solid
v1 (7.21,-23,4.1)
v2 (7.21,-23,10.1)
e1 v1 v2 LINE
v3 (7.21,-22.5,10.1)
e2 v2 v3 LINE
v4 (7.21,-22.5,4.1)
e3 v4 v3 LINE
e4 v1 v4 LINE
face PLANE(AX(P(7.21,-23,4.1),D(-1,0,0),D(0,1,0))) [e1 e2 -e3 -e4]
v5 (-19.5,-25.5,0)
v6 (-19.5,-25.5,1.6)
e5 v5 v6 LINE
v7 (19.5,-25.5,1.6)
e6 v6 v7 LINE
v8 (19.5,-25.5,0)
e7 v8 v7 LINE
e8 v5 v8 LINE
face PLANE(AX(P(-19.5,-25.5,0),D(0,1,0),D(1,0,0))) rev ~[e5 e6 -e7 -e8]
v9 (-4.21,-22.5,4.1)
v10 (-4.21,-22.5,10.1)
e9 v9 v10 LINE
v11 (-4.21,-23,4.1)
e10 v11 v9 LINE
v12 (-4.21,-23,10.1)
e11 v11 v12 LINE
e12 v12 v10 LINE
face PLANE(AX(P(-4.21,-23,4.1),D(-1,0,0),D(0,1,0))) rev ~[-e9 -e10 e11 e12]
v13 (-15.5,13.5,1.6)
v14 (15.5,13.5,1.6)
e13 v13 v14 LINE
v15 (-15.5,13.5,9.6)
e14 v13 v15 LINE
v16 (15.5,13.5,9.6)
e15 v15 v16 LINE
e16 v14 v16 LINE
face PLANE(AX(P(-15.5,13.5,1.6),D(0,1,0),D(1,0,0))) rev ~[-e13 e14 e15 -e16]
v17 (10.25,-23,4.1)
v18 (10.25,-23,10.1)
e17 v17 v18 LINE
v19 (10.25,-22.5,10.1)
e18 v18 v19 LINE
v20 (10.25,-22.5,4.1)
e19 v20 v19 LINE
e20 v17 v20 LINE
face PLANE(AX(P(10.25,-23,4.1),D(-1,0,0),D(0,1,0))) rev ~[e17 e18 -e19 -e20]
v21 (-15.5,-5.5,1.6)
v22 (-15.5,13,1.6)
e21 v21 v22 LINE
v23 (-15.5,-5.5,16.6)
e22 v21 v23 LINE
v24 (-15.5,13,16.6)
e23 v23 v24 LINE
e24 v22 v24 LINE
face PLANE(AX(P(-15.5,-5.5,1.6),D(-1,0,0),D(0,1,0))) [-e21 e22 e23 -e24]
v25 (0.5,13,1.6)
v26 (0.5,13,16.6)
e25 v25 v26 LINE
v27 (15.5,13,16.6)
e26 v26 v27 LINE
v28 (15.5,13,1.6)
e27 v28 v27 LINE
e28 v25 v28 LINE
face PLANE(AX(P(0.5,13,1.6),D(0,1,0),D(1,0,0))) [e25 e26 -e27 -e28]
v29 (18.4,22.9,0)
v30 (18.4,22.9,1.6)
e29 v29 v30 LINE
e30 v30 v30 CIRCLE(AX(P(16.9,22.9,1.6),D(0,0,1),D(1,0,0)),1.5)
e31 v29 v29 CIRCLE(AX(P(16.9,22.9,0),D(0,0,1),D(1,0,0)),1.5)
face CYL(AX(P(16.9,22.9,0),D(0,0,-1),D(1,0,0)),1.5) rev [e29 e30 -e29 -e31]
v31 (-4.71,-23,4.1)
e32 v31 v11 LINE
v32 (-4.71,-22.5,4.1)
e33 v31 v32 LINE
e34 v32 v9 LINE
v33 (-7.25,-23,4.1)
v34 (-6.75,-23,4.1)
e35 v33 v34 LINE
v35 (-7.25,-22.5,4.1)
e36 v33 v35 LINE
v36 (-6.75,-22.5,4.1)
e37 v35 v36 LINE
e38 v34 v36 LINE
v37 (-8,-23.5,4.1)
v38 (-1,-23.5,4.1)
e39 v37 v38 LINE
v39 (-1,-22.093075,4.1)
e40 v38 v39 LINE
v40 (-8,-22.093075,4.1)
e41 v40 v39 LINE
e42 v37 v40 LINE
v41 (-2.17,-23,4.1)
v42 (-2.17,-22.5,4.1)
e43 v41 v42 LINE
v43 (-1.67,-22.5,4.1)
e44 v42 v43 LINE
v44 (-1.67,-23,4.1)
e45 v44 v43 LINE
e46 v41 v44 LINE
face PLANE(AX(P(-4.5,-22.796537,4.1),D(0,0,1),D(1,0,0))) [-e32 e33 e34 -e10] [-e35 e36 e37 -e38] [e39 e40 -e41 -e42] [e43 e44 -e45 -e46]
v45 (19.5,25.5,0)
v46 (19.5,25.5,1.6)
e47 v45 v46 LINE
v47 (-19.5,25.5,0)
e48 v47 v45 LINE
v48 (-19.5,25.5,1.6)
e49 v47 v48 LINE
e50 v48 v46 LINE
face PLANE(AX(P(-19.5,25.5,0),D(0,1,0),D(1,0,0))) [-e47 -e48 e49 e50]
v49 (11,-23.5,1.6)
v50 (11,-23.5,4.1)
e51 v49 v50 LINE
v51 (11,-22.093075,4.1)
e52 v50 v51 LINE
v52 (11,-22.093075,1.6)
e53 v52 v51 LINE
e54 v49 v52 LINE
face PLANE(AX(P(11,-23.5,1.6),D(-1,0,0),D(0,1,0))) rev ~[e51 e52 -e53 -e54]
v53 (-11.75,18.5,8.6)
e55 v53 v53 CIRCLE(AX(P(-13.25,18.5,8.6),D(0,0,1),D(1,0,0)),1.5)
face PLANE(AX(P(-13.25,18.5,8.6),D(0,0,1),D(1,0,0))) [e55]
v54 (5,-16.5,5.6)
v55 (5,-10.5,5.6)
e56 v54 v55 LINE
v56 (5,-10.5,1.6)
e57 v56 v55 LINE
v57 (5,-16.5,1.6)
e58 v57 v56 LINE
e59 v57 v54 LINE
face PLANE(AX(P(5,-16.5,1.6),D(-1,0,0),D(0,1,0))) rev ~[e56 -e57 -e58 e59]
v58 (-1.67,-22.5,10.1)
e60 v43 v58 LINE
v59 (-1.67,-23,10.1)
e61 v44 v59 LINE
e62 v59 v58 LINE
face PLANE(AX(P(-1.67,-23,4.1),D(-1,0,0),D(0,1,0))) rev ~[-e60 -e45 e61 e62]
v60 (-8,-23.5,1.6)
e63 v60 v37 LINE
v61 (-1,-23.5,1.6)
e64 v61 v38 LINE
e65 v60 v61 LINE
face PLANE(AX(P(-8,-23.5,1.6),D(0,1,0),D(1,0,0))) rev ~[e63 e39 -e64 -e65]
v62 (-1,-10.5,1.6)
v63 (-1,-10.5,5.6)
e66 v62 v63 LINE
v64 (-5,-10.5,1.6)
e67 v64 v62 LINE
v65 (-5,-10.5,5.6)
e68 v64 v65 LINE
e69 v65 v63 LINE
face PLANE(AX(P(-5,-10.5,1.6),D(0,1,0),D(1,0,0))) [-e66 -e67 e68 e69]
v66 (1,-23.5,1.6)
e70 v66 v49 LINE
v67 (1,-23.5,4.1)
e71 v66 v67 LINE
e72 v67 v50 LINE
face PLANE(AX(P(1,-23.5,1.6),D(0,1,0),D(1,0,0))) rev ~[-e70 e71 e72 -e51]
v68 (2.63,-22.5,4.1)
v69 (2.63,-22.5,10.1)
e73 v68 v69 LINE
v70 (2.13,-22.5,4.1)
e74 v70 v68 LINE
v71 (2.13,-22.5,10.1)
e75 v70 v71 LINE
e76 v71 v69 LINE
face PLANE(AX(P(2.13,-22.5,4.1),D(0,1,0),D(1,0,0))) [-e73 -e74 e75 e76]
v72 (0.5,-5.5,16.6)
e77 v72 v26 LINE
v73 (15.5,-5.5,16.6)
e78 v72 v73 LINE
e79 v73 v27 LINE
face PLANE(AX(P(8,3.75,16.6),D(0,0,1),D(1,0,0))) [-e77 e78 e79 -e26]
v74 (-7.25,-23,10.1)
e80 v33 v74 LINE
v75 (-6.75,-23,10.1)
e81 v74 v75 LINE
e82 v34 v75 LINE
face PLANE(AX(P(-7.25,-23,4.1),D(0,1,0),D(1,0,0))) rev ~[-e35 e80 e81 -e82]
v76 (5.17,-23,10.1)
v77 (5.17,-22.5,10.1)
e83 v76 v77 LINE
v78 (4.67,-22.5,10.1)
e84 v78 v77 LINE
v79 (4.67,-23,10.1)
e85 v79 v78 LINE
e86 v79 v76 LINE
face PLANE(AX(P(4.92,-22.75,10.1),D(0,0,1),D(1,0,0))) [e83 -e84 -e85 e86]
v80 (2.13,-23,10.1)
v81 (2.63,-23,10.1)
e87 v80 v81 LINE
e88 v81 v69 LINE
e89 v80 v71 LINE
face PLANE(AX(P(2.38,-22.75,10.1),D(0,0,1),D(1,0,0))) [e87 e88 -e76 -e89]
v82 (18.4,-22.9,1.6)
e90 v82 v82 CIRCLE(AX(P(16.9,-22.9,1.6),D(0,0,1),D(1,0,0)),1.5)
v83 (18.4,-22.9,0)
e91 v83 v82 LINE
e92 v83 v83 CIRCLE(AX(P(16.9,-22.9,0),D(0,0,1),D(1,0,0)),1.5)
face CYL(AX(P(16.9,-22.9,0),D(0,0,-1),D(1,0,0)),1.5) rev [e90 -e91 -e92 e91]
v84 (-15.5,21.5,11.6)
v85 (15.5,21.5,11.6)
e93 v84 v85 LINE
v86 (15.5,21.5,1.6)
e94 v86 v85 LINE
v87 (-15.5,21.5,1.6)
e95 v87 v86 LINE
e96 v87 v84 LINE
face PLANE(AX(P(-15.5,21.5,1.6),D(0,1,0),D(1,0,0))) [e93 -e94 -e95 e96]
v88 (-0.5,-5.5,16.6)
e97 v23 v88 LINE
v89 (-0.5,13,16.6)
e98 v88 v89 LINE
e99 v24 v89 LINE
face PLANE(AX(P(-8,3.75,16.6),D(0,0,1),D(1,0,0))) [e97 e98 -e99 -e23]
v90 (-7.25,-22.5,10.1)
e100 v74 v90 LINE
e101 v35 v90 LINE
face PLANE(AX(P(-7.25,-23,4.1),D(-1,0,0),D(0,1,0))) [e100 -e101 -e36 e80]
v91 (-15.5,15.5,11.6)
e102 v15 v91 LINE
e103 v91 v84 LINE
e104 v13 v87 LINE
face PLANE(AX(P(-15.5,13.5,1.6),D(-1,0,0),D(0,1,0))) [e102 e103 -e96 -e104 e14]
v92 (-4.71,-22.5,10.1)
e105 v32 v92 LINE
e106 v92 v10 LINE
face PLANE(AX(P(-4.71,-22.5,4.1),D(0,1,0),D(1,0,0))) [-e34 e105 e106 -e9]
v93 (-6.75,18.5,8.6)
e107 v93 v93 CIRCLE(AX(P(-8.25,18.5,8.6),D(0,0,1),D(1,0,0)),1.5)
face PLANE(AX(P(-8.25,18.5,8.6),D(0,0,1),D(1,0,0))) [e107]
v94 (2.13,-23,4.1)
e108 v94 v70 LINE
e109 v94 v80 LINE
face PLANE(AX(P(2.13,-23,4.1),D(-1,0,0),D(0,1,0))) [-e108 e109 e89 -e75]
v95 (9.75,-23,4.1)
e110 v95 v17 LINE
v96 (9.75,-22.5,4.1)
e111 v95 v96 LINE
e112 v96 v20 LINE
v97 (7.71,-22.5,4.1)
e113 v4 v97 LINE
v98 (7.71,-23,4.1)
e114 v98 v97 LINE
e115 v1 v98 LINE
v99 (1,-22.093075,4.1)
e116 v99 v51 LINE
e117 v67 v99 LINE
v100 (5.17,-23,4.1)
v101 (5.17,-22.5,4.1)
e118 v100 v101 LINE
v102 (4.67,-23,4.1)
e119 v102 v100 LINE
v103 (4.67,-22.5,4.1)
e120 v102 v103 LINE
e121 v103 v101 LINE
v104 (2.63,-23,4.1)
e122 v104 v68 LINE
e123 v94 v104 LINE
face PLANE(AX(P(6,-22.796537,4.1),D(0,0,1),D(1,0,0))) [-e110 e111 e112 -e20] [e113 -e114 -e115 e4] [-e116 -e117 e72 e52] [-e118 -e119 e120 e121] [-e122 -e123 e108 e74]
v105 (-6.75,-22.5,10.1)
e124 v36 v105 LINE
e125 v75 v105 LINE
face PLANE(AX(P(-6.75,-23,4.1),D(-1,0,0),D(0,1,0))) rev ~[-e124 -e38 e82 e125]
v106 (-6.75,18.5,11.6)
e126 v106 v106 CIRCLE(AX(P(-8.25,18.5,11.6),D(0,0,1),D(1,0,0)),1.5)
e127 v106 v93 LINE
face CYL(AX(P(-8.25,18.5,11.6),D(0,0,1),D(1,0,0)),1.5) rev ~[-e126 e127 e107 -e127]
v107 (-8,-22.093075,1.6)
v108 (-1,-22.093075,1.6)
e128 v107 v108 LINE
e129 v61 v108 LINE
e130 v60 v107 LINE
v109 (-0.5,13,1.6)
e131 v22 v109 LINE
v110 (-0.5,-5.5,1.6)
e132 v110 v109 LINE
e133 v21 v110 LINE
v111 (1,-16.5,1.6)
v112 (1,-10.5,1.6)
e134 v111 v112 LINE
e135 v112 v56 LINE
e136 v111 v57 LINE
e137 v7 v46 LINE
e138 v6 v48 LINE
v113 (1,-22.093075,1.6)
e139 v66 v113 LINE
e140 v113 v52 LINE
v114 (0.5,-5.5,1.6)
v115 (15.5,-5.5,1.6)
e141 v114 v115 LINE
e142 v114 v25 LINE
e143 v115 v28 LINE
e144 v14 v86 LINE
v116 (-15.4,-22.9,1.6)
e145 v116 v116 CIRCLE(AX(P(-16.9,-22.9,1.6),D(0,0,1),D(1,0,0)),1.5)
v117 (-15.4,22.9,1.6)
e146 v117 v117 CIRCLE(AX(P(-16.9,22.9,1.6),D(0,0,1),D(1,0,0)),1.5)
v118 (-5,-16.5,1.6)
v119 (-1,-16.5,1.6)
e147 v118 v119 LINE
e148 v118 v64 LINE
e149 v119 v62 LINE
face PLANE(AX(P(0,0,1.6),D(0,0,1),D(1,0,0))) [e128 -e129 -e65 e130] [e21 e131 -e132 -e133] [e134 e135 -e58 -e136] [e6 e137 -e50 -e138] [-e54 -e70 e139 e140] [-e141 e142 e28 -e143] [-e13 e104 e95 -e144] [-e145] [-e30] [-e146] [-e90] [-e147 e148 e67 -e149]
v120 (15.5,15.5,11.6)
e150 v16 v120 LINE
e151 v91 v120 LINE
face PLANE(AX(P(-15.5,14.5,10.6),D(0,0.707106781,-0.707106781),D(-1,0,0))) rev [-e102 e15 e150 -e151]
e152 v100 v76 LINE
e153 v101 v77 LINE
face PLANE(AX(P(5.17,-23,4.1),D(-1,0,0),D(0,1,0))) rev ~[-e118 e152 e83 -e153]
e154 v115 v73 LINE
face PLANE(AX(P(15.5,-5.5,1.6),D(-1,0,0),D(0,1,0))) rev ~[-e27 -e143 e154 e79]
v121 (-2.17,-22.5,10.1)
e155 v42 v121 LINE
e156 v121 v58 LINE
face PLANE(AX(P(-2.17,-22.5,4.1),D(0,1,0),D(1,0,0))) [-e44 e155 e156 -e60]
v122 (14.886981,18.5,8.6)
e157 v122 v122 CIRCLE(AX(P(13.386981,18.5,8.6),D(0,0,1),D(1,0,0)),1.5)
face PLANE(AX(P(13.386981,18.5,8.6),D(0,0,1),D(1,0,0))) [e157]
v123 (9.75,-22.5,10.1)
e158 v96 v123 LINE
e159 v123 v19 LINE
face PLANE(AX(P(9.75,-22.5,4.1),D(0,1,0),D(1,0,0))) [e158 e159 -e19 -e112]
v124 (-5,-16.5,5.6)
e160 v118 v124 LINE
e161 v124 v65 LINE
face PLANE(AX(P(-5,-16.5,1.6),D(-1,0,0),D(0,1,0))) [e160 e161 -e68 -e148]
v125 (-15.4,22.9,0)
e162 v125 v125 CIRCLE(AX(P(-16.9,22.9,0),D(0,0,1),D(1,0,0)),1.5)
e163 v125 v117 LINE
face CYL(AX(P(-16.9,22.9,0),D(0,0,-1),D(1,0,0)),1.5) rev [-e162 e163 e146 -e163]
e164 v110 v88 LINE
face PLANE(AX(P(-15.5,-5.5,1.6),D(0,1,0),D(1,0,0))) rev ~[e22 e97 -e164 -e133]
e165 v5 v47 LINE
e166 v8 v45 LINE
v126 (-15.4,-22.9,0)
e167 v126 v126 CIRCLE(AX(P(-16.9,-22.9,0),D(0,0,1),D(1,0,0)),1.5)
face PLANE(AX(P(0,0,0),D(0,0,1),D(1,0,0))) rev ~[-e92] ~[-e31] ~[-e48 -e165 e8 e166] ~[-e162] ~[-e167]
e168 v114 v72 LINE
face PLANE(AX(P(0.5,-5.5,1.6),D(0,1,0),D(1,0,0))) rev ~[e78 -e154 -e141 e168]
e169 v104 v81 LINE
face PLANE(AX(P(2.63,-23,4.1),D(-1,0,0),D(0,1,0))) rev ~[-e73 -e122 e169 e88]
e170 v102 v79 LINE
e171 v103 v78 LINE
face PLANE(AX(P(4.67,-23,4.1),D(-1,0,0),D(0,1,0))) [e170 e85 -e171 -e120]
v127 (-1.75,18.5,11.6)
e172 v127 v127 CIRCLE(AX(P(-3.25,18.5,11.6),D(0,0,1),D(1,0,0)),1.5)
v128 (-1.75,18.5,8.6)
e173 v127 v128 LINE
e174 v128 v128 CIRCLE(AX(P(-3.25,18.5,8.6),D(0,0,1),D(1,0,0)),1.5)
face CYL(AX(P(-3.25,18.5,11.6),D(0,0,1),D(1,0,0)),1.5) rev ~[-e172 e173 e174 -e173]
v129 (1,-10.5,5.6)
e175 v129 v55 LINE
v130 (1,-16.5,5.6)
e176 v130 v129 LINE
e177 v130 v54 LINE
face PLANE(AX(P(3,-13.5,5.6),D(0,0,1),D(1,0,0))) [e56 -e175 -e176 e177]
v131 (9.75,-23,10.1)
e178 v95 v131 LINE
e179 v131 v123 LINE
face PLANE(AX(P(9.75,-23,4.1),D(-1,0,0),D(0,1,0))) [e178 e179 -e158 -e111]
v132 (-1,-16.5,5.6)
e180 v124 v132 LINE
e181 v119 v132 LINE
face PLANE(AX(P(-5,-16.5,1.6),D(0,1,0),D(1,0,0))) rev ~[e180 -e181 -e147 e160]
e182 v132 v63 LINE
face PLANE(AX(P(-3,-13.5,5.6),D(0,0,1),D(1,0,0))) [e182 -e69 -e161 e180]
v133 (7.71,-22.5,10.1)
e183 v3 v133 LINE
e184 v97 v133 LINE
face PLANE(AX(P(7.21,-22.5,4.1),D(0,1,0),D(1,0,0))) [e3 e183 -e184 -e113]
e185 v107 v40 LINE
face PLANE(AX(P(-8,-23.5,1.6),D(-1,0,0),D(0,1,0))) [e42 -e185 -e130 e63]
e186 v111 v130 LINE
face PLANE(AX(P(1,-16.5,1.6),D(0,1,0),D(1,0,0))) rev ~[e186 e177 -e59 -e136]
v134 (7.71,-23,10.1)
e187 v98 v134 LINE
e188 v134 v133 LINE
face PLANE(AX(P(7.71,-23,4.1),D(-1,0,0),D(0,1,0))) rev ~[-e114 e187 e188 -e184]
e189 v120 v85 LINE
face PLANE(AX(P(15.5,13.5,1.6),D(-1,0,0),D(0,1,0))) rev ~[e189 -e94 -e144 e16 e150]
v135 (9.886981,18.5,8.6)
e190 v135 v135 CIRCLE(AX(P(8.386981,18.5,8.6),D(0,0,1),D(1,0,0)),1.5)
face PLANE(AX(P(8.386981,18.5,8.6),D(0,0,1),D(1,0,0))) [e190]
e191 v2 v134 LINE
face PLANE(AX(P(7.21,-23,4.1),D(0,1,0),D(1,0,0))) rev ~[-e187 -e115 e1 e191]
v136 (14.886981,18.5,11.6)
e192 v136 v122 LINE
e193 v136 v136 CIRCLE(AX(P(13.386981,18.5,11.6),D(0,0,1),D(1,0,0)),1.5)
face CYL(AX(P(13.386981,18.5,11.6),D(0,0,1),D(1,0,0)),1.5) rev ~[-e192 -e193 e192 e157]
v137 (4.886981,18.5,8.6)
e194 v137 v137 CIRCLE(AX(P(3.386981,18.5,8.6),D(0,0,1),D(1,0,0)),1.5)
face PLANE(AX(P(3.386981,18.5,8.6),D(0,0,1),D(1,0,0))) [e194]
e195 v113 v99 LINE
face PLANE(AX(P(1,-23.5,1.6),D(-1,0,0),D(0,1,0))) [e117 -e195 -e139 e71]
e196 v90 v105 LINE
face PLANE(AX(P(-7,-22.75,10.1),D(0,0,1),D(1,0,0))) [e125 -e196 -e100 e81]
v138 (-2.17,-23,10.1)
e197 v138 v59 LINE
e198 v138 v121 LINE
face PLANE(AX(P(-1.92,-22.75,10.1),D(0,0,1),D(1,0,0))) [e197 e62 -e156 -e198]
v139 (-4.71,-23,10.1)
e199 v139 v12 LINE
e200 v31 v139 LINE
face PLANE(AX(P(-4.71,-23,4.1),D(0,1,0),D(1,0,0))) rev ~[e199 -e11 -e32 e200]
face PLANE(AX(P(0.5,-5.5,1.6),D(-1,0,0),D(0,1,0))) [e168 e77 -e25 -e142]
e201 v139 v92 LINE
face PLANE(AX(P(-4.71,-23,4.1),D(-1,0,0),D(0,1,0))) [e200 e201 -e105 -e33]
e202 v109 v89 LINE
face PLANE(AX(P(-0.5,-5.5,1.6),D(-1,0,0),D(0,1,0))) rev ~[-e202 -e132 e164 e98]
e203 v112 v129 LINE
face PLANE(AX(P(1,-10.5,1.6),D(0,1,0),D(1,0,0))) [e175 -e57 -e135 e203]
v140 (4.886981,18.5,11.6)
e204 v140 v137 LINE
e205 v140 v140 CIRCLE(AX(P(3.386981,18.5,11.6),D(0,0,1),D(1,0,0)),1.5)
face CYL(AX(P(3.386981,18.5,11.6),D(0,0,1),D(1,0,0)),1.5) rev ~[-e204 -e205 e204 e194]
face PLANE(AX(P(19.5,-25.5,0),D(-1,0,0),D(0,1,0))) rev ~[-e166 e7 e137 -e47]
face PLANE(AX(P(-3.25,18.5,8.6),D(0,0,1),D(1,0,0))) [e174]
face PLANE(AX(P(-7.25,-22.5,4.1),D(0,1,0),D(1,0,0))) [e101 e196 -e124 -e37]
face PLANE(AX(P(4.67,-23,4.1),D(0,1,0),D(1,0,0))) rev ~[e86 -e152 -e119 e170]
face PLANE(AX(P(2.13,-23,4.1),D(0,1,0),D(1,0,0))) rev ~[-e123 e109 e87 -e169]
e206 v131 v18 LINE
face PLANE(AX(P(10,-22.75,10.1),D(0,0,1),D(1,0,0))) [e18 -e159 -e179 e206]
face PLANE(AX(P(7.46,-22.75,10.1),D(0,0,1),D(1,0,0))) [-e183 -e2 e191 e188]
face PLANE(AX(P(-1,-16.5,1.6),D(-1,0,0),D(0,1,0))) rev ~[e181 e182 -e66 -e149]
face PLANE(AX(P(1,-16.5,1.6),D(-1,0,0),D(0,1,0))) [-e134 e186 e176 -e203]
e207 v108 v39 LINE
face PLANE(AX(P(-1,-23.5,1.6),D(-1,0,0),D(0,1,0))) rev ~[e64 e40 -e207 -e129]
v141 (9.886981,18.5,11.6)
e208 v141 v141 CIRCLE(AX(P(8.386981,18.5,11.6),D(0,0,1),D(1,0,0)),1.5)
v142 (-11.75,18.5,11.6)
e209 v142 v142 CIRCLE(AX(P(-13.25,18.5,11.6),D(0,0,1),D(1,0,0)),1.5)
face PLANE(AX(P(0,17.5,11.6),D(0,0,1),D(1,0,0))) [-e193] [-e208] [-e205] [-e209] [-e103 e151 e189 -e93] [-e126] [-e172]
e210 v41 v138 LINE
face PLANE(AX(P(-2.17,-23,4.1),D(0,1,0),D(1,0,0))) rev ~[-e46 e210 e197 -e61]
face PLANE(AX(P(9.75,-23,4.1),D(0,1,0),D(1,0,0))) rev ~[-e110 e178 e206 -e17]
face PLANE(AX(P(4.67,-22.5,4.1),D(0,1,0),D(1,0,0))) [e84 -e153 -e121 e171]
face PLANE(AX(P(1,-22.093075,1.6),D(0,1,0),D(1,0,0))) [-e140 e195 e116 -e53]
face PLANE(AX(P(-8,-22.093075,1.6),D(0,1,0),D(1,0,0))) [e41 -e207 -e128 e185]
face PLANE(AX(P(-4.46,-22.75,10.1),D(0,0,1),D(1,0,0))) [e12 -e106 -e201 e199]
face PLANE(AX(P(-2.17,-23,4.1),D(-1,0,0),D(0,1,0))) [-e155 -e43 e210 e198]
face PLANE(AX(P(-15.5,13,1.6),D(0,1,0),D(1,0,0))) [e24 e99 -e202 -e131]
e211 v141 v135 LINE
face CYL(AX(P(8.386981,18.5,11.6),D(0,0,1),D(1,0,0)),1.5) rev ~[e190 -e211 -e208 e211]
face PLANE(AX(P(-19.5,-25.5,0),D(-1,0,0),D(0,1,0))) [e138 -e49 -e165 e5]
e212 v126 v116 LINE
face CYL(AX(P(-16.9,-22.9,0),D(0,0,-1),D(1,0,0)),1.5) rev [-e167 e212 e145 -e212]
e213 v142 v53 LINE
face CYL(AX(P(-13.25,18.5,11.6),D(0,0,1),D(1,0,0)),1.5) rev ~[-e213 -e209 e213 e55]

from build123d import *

# Parameters (mm, degrees)
F0_W      = 39
F0_H      = 51
F0_R      = 1.5
F1_DEPTH  = 1.6
F2_W      = 15
F2_H      = 18.5
F3_DEPTH  = 15
F4_W      = 31
F4_H      = 8
F5_DEPTH  = 10
F6_SIZE   = 2
F7_R      = 1.5
F8_DEPTH  = 3
F9_W      = 4
F9_H      = 6
F10_DEPTH = 4
F11_W     = 7
F11_H     = 1.406925
F11_W_2   = 10
F12_DEPTH = 2.5
F13_W     = 0.5
F13_H     = 0.5
F14_DEPTH = 6


with BuildPart() as f1:
    # F0 (on Top) → F1 (new body)
    with BuildSketch(Plane.XY):
        Rectangle(F0_W, F0_H)
        with Locations((-16.9, -22.9)):
            Circle(F0_R, mode=Mode.SUBTRACT)
        with Locations((16.9, -22.9)):
            Circle(F0_R, mode=Mode.SUBTRACT)
        with Locations((-16.9, 22.9)):
            Circle(F0_R, mode=Mode.SUBTRACT)
        with Locations((16.9, 22.9)):
            Circle(F0_R, mode=Mode.SUBTRACT)
    extrude(amount=F1_DEPTH)

    # F2 (on face) → F3 (join)
    with BuildSketch(Plane.XY.offset(1.6)):
        with Locations((-8, 3.75)):
            Rectangle(F2_W, F2_H)
        with Locations((8, 3.75)):
            Rectangle(F2_W, F2_H)
    extrude(amount=F3_DEPTH)

    # F4 (on face) → F5 (join)
    with BuildSketch(Plane.XY.offset(1.6)):
        with Locations((0, 17.5)):
            Rectangle(F4_W, F4_H)
    extrude(amount=F5_DEPTH)

    # F6
    f6_edges = [f1.edges().sort_by_distance(p)[0] for p in [
        (0, 13.5, 11.6),
    ]]
    chamfer(f6_edges, length=F6_SIZE)

    # F7 (on face) → F8 (cut)
    with BuildSketch(Plane.XY.offset(11.6)):
        with Locations((-13.25, 18.5)):
            Circle(F7_R)
        with Locations((-8.25, 18.5)):
            Circle(F7_R)
        with Locations((-3.25, 18.5)):
            Circle(F7_R)
        with Locations((3.386981, 18.5)):
            Circle(F7_R)
        with Locations((8.386981, 18.5)):
            Circle(F7_R)
        with Locations((13.386981, 18.5)):
            Circle(F7_R)
    extrude(amount=-F8_DEPTH, mode=Mode.SUBTRACT)

    # F9 (on face) → F10 (join)
    with BuildSketch(Plane.XY.offset(1.6)):
        with Locations((-3, -13.5)):
            Rectangle(F9_W, F9_H)
        with Locations((3, -13.5)):
            Rectangle(F9_W, F9_H)
    extrude(amount=F10_DEPTH)

    # F11 (on face) → F12 (join)
    with BuildSketch(Plane.XY.offset(1.6)):
        with Locations((-4.5, -22.796537)):
            Rectangle(F11_W, F11_H)
        with Locations((6, -22.796537)):
            Rectangle(F11_W_2, F11_H)
    extrude(amount=F12_DEPTH)

    # F13 (on face) → F14 (join)
    with BuildSketch(Plane.XY.offset(4.1)):
        with Locations((-7, -22.75)):
            Rectangle(F13_W, F13_H)
        with Locations((-4.46, -22.75)):
            Rectangle(F13_W, F13_H)
        with Locations((-1.92, -22.75)):
            Rectangle(F13_W, F13_H)
        with Locations((2.38, -22.75)):
            Rectangle(F13_W, F13_H)
        with Locations((4.92, -22.75)):
            Rectangle(F13_W, F13_H)
        with Locations((7.46, -22.75)):
            Rectangle(F13_W, F13_H)
        with Locations((10, -22.75)):
            Rectangle(F13_W, F13_H)
    extrude(amount=F14_DEPTH)


solid = f1.part
